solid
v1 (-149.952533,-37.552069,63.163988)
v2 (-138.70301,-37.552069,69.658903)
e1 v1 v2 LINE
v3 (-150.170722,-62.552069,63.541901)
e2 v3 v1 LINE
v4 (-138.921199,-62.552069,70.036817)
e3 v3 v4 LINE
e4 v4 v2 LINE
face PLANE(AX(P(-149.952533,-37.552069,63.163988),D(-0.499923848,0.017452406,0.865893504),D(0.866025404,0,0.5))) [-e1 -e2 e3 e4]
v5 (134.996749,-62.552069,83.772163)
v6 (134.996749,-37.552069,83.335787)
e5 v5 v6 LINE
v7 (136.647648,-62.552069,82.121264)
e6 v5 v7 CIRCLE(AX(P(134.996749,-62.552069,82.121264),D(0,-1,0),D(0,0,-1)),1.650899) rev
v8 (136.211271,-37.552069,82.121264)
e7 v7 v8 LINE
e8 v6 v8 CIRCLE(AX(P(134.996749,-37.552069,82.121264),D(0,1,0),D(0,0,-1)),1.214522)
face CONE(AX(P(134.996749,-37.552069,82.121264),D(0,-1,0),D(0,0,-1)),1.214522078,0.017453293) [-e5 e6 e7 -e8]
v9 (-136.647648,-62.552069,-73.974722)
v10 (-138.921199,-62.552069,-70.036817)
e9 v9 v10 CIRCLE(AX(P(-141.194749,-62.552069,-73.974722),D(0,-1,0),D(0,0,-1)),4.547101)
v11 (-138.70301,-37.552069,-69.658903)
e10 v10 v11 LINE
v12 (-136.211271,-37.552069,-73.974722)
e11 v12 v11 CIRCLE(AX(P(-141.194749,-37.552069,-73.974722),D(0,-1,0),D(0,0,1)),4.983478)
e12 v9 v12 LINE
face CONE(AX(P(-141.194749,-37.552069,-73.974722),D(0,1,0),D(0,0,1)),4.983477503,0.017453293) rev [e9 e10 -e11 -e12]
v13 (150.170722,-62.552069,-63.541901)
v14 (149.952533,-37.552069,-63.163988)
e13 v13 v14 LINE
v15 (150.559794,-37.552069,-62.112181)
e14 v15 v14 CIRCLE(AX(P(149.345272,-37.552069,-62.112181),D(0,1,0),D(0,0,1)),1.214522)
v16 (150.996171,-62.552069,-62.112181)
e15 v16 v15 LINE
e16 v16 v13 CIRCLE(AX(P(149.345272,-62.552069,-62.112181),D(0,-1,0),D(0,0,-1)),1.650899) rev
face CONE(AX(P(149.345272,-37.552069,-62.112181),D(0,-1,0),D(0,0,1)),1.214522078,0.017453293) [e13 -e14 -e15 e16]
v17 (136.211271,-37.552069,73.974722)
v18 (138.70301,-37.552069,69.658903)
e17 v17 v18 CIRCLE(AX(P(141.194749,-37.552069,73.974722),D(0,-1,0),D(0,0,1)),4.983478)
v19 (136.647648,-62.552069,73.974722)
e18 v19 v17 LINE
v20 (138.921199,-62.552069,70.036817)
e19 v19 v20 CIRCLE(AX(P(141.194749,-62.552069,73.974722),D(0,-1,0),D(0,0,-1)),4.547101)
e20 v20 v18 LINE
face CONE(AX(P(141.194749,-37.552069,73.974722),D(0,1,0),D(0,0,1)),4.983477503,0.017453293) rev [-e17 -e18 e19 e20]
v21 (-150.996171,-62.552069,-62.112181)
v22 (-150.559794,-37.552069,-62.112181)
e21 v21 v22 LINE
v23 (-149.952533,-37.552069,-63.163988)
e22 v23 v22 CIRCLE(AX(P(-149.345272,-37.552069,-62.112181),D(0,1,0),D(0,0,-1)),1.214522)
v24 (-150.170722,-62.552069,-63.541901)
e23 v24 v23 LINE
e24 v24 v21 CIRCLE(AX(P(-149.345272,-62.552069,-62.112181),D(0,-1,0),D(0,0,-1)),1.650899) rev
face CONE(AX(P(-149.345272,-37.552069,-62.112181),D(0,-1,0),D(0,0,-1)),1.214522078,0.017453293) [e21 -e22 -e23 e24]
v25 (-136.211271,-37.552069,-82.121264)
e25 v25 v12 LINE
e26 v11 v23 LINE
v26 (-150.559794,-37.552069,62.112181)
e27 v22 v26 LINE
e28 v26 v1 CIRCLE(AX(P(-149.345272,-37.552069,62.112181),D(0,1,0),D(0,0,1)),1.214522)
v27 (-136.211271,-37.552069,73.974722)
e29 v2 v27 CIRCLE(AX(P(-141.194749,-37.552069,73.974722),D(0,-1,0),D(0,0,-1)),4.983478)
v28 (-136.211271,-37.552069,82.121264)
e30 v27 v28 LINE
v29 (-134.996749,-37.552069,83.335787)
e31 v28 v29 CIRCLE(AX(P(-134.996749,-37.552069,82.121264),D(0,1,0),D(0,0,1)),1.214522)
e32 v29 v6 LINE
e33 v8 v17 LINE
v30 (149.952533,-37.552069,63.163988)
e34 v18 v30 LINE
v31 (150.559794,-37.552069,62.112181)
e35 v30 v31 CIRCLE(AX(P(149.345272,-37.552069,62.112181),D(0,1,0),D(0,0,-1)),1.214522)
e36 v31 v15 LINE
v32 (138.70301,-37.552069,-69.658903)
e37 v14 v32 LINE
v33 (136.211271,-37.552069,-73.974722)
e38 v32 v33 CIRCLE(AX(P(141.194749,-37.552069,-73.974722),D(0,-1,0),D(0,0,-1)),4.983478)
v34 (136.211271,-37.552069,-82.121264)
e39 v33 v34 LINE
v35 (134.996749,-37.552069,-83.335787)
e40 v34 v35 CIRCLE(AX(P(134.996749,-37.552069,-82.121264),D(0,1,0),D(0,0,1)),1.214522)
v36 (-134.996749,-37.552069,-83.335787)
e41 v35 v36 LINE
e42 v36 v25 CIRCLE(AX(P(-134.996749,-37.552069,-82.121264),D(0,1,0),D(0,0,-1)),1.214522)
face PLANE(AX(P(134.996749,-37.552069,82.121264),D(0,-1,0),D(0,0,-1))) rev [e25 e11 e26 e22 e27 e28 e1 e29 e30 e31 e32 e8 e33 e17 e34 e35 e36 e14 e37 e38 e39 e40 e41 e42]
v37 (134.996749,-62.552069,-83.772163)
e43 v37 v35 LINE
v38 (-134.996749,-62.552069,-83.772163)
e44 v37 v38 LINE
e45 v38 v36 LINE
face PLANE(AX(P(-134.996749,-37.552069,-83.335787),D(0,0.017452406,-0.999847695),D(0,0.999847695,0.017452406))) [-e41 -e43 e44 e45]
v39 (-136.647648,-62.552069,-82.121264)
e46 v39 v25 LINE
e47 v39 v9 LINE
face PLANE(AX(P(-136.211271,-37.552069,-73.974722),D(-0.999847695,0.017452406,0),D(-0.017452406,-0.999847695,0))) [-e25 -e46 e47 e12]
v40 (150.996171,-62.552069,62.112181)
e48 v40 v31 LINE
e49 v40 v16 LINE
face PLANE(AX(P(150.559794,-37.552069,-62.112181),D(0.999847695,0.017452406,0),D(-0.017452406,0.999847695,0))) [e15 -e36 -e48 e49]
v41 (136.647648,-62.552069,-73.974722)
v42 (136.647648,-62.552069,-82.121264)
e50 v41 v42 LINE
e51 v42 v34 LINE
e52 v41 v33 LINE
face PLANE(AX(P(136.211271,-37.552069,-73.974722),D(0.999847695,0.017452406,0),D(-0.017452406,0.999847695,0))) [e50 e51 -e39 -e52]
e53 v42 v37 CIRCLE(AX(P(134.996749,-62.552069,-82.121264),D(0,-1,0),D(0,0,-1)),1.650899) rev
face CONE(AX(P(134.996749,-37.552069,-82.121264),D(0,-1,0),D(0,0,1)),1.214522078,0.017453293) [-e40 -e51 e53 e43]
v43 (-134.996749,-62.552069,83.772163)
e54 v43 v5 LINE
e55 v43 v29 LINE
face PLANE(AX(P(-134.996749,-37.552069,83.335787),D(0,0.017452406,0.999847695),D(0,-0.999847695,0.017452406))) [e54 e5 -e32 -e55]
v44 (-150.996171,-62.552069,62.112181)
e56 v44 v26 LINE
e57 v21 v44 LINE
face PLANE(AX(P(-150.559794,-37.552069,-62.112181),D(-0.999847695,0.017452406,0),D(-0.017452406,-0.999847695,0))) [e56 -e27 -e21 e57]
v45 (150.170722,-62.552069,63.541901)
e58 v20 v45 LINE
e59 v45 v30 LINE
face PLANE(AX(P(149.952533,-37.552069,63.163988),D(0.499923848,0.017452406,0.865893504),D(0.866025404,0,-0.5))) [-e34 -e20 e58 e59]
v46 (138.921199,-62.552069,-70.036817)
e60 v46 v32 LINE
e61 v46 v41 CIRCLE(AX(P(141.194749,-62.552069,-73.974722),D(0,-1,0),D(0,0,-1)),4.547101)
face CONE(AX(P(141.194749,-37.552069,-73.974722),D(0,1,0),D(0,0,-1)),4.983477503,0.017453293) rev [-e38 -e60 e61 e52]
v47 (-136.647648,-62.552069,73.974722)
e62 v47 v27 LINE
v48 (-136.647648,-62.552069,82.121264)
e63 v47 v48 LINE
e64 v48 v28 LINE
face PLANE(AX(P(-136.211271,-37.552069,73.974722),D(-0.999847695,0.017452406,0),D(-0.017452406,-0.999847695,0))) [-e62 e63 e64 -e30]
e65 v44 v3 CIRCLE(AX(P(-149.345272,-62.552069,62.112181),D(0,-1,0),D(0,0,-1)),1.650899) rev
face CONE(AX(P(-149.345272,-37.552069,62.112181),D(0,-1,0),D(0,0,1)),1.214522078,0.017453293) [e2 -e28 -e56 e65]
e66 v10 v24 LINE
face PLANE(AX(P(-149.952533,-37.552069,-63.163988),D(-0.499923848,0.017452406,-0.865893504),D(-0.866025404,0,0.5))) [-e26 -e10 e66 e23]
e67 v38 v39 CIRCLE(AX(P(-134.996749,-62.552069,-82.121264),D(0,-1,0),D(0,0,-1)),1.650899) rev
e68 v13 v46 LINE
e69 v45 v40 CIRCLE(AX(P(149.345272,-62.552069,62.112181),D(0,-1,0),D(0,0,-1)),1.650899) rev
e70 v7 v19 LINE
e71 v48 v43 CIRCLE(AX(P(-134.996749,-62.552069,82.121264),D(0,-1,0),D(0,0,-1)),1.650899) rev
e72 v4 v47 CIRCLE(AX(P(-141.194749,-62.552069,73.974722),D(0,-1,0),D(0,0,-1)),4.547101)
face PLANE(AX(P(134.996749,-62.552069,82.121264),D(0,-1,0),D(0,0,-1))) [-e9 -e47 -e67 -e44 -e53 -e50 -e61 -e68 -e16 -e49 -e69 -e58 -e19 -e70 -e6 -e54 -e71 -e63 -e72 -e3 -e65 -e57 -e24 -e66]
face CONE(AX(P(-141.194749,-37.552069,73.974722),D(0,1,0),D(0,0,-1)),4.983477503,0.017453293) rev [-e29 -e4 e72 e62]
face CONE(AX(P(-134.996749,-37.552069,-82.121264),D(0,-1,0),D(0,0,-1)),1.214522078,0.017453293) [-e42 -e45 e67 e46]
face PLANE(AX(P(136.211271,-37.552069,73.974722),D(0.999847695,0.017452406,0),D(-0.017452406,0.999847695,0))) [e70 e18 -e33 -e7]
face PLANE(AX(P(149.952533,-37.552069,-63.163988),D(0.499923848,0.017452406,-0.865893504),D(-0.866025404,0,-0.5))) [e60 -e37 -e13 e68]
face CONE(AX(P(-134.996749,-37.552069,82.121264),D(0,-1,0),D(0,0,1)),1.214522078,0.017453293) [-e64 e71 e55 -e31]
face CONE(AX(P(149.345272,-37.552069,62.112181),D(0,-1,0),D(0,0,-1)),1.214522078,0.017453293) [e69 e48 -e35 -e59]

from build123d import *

# Parameters (mm, degrees)
BOSS_EXTRUDE1_DEPTH = 25
BOSS_EXTRUDE1_DRAFT = 1


with BuildPart() as part:
    # Sketch1 → Boss-Extrude1 (with draft: the straight prism first)
    with BuildSketch(Plane(origin=(0, -37.552068535, 0), x_dir=(1, 0, 0), z_dir=(0, 1, 0))):
        with BuildLine():
            ThreePointArc((150.559794425, 62.112181192), (150.39707932, 62.719442231), (149.952533386, 63.163988165))
            Line((149.952533386, 63.163988165), (138.703010202, 69.658903404))
            ThreePointArc((138.703010202, 69.658903404), (136.878930836, 71.482982769), (136.21127145, 73.97472152))
            Line((136.21127145, 73.97472152), (136.21127145, 82.121264476))
            ThreePointArc((136.21127145, 82.121264476), (135.855546169, 82.980061273), (134.996749372, 83.335786554))
            Line((134.996749372, 83.335786554), (-134.996749372, 83.335786554))
            ThreePointArc((-134.996749372, 83.335786554), (-135.855546169, 82.980061273), (-136.21127145, 82.121264476))
            Line((-136.21127145, 82.121264476), (-136.21127145, 73.97472152))
            ThreePointArc((-136.21127145, 73.97472152), (-136.878930836, 71.482982769), (-138.703010202, 69.658903404))
            Line((-138.703010202, 69.658903404), (-149.952533386, 63.163988165))
            ThreePointArc((-149.952533386, 63.163988165), (-150.39707932, 62.719442231), (-150.559794425, 62.112181192))
            Line((-150.559794425, 62.112181192), (-150.559794425, -62.112181192))
            ThreePointArc((-150.559794425, -62.112181192), (-150.39707932, -62.719442231), (-149.952533386, -63.163988165))
            Line((-149.952533386, -63.163988165), (-138.703010202, -69.658903404))
            ThreePointArc((-138.703010202, -69.658903404), (-136.878930836, -71.482982769), (-136.21127145, -73.97472152))
            Line((-136.21127145, -73.97472152), (-136.21127145, -82.121264476))
            ThreePointArc((-136.21127145, -82.121264476), (-135.855546169, -82.980061273), (-134.996749372, -83.335786554))
            Line((-134.996749372, -83.335786554), (134.996749372, -83.335786554))
            ThreePointArc((134.996749372, -83.335786554), (135.855546169, -82.980061273), (136.21127145, -82.121264476))
            Line((136.21127145, -82.121264476), (136.21127145, -73.97472152))
            ThreePointArc((136.21127145, -73.97472152), (136.878930836, -71.482982769), (138.703010202, -69.658903404))
            Line((138.703010202, -69.658903404), (149.952533386, -63.163988165))
            ThreePointArc((149.952533386, -63.163988165), (150.39707932, -62.719442231), (150.559794425, -62.112181192))
            Line((150.559794425, -62.112181192), (150.559794425, 62.112181192))
        make_face()
    extrude(amount=-BOSS_EXTRUDE1_DEPTH)
    # Boss-Extrude1: the draft: its side faces are tilted about the plane it starts from
    boss_extrude1_sides = [part.faces().sort_by_distance(p)[0] for p in [
        (150.39707932, -50.052068535, -62.719442231),
        (144.327771794, -50.052068535, -66.411445784),
        (136.878930836, -50.052068535, -71.482982769),
        (136.21127145, -50.052068535, -78.047992998),
        (135.855546169, -50.052068535, -82.980061273),
        (0, -50.052068535, -83.335786554),
        (-135.855546169, -50.052068535, -82.980061273),
        (-136.21127145, -50.052068535, -78.047992998),
        (-136.878930836, -50.052068535, -71.482982769),
        (-144.327771794, -50.052068535, -66.411445784),
        (-150.39707932, -50.052068535, -62.719442231),
        (-150.559794425, -50.052068535, 0),
        (-150.39707932, -50.052068535, 62.719442231),
        (-144.327771794, -50.052068535, 66.411445784),
        (-136.878930836, -50.052068535, 71.482982769),
        (-136.21127145, -50.052068535, 78.047992998),
        (-135.855546169, -50.052068535, 82.980061273),
        (0, -50.052068535, 83.335786554),
        (135.855546169, -50.052068535, 82.980061273),
        (136.21127145, -50.052068535, 78.047992998),
        (136.878930836, -50.052068535, 71.482982769),
        (144.327771794, -50.052068535, 66.411445784),
        (150.39707932, -50.052068535, 62.719442231),
        (150.559794425, -50.052068535, 0),
    ]]
    draft(boss_extrude1_sides, Plane(origin=(0, -37.552068535, 0), x_dir=(1, 0, 0), z_dir=(0, 1, 0)), BOSS_EXTRUDE1_DRAFT)


solid = part.part
